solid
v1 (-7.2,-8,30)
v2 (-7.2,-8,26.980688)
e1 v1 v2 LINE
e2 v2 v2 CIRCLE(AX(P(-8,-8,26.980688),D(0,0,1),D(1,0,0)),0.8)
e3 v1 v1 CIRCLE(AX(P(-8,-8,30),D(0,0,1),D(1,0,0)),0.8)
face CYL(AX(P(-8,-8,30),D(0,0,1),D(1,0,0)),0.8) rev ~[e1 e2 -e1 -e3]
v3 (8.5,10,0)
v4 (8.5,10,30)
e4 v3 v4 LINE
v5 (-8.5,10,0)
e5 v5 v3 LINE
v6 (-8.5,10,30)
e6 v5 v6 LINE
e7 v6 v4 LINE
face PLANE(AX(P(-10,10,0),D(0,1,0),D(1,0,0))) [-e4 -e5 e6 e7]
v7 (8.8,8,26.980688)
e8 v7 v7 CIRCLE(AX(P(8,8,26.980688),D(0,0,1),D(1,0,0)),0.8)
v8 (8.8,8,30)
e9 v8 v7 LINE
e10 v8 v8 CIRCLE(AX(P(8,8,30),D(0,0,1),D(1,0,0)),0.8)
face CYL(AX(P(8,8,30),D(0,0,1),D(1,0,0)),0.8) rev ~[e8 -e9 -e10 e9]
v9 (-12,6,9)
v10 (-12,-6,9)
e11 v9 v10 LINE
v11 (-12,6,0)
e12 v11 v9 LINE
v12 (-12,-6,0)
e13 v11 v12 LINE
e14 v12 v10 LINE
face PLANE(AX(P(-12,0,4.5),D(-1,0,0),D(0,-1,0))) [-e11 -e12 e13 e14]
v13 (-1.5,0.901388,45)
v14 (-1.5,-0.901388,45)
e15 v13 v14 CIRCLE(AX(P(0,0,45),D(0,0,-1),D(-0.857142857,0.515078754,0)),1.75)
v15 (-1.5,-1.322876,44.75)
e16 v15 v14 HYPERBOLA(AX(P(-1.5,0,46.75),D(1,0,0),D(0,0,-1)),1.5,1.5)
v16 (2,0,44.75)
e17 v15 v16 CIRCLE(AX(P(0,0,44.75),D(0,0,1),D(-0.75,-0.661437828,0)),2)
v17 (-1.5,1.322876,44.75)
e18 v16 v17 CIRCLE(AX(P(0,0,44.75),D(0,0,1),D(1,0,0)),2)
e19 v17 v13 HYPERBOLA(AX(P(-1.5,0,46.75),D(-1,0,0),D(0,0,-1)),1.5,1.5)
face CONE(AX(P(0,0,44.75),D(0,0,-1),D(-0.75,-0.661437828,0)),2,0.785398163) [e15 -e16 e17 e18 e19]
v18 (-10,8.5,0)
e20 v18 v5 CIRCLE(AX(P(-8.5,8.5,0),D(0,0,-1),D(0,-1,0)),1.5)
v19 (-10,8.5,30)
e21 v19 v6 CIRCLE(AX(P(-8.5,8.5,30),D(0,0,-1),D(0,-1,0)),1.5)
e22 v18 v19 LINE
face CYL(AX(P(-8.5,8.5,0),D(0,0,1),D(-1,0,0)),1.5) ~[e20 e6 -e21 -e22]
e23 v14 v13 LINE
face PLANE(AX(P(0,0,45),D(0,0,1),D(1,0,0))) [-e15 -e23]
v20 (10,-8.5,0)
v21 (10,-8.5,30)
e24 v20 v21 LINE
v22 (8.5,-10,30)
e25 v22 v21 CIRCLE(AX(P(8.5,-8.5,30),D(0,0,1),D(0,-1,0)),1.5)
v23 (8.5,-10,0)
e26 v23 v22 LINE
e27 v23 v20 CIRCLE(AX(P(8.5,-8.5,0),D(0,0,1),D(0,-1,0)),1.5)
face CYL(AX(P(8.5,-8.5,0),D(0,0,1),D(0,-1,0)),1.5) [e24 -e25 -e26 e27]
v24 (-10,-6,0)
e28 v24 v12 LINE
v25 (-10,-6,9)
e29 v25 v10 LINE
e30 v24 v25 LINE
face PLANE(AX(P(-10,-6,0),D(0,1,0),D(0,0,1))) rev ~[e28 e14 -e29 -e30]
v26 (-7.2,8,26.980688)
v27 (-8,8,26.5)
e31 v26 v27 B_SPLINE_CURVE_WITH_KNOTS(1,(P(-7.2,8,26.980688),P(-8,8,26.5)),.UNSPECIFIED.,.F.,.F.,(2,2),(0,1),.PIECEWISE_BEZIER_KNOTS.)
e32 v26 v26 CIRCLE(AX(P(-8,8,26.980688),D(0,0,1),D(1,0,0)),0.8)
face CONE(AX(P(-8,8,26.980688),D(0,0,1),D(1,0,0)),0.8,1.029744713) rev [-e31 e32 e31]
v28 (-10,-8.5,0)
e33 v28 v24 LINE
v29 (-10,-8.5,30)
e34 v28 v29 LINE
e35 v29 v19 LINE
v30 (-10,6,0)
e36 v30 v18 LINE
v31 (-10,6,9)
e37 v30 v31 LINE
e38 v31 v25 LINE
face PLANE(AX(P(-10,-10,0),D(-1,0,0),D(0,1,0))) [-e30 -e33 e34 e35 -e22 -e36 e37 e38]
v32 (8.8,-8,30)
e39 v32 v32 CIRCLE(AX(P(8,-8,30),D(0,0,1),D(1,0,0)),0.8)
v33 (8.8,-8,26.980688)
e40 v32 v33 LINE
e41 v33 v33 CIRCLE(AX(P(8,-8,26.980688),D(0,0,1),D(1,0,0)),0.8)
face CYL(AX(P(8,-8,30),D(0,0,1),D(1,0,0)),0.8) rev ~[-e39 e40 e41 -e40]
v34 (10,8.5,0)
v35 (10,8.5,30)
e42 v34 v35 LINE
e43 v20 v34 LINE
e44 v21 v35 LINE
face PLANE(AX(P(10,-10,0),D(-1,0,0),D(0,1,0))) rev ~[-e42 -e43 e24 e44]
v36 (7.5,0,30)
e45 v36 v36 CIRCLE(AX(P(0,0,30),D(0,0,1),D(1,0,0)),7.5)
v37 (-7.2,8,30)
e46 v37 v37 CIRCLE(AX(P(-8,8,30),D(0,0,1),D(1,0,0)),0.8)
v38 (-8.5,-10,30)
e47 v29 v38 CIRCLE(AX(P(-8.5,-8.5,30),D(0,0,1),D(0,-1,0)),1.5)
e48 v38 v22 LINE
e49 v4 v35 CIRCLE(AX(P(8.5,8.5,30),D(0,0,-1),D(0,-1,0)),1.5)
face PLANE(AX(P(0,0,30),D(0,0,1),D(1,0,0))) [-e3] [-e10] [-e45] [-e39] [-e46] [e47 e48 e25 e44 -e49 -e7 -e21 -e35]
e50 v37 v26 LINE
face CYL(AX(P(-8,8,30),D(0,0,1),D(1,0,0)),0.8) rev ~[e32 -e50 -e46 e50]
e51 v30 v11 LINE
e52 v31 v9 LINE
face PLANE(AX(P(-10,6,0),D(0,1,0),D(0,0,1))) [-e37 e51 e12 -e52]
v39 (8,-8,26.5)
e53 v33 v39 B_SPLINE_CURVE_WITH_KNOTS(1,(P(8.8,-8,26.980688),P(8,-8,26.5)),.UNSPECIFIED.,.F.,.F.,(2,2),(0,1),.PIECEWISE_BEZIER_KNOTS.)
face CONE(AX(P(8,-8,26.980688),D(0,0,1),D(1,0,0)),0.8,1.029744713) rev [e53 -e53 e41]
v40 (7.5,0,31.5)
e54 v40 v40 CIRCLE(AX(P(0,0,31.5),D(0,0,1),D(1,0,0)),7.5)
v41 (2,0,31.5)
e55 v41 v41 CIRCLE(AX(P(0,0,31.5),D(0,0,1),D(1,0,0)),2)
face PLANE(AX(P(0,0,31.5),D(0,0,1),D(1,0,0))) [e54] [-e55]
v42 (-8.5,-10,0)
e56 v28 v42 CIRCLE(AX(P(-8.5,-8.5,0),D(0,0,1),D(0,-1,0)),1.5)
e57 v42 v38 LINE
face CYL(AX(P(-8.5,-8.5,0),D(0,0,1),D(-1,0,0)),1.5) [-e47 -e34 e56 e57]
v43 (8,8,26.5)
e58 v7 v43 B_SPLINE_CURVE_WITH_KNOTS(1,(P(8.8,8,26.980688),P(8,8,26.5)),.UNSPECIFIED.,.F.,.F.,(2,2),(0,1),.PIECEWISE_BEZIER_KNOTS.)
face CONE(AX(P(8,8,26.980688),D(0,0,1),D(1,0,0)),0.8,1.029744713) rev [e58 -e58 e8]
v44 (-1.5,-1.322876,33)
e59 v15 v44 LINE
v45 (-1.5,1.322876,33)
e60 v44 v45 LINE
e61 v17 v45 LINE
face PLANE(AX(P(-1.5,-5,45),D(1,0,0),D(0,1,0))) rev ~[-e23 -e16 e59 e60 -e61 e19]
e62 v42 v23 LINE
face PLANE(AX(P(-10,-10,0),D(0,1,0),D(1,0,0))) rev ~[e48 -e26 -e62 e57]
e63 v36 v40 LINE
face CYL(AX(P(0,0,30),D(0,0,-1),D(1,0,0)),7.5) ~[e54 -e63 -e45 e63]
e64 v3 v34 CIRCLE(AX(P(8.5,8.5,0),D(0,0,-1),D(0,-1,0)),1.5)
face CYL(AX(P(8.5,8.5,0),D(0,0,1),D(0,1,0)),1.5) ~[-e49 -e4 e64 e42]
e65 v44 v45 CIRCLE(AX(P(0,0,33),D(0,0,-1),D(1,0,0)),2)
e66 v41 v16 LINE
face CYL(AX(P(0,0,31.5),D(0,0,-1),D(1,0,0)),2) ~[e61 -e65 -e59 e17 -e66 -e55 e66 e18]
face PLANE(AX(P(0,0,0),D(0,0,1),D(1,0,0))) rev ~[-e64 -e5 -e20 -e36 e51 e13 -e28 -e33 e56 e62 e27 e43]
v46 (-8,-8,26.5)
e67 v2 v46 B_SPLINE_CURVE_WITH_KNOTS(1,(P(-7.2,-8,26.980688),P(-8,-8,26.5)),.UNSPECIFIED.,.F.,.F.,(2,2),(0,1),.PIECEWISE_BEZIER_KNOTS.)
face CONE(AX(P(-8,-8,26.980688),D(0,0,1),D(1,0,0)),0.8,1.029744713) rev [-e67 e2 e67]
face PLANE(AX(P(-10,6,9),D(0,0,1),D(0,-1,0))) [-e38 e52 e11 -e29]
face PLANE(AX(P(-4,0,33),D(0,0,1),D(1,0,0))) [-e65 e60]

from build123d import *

# Parameters (mm, degrees)
SKETCH004_W     = 20
SKETCH004_H     = 20
PAD003_DEPTH    = 30
SKETCH005_R     = 7.5
PAD004_DEPTH    = 1.5
FILLET_R        = 1.5
SKETCH006_R     = 0.8
HOLE_DEPTH      = 3.019312
HOLE_TIPS_R     = 0.8
SKETCH007_R     = 2
PAD005_DEPTH    = 13.5
SKETCH008_W     = 5
SKETCH008_H     = 10
POCKET001_DEPTH = 12
CHAMFER001_SIZE = 0.25
SKETCH009_W     = 12
SKETCH009_H     = 9
PAD006_DEPTH    = 2


with BuildPart() as part:
    # Sketch004 → Pad003 (new body)
    with BuildSketch(Plane.XY):
        Rectangle(SKETCH004_W, SKETCH004_H)
    extrude(amount=PAD003_DEPTH)

    # Sketch005 (on Face6 of Pad003) → Pad004 (join)
    with BuildSketch(Plane.XY.offset(30)):
        Circle(SKETCH005_R)
    extrude(amount=PAD004_DEPTH)

    # Fillet
    fillet_edges = [part.edges().sort_by_distance(p)[0] for p in [
        (-10, -10, 15),
        (10, -10, 15),
        (10, 10, 15),
        (-10, 10, 15),
    ]]
    fillet(fillet_edges, radius=FILLET_R)

    # Sketch006 (on Face5 of Fillet) → Hole (cut)
    with BuildSketch(Plane.XY.offset(30)):
        with Locations((-8, 8)):
            Circle(SKETCH006_R)
        with Locations((8, 8)):
            Circle(SKETCH006_R)
        with Locations((8, -8)):
            Circle(SKETCH006_R)
        with Locations((-8, -8)):
            Circle(SKETCH006_R)
    extrude(amount=-HOLE_DEPTH, mode=Mode.SUBTRACT)

    # Hole tips → Hole tip 1 section 0
    with BuildSketch(Plane.XY.offset(26.980688), mode=Mode.PRIVATE) as hole_tip_1_s0:
        with Locations((-8, 8)):
            Circle(HOLE_TIPS_R)
    loft([hole_tip_1_s0.sketch, Vertex(-8, 8, 26.5)], mode=Mode.SUBTRACT)

    # Hole tips → Hole tip 2 section 0
    with BuildSketch(Plane.XY.offset(26.980688), mode=Mode.PRIVATE) as hole_tip_2_s0:
        with Locations((8, 8)):
            Circle(HOLE_TIPS_R)
    loft([hole_tip_2_s0.sketch, Vertex(8, 8, 26.5)], mode=Mode.SUBTRACT)

    # Hole tips → Hole tip 3 section 0
    with BuildSketch(Plane.XY.offset(26.980688), mode=Mode.PRIVATE) as hole_tip_3_s0:
        with Locations((8, -8)):
            Circle(HOLE_TIPS_R)
    loft([hole_tip_3_s0.sketch, Vertex(8, -8, 26.5)], mode=Mode.SUBTRACT)

    # Hole tips → Hole tip 4 section 0
    with BuildSketch(Plane.XY.offset(26.980688), mode=Mode.PRIVATE) as hole_tip_4_s0:
        with Locations((-8, -8)):
            Circle(HOLE_TIPS_R)
    loft([hole_tip_4_s0.sketch, Vertex(-8, -8, 26.5)], mode=Mode.SUBTRACT)

    # Sketch007 (on Face17 of Hole) → Pad005 (join)
    with BuildSketch(Plane.XY.offset(31.5)):
        Circle(SKETCH007_R)
    extrude(amount=PAD005_DEPTH)

    # Sketch008 (on Face22 of Pad005) → Pocket001 (cut)
    with BuildSketch(Plane.XY.offset(45)):
        with Locations((-4, 0)):
            Rectangle(SKETCH008_W, SKETCH008_H)
    extrude(amount=-POCKET001_DEPTH, mode=Mode.SUBTRACT)

    # Chamfer001
    chamfer001_edges = [part.edges().sort_by_distance(p)[0] for p in [
        (0.707107, -1.870829, 45),
        (0.707107, 1.870829, 45),
    ]]
    chamfer(chamfer001_edges, length=CHAMFER001_SIZE)

    # Sketch009 (on Face13 of Chamfer001) → Pad006 (join)
    with BuildSketch(Plane(origin=(-10, 0, 0), x_dir=(0, -1, 0), z_dir=(-1, 0, 0))):
        with Locations((0, 4.5)):
            Rectangle(SKETCH009_W, SKETCH009_H)
    extrude(amount=PAD006_DEPTH)


solid = part.part
